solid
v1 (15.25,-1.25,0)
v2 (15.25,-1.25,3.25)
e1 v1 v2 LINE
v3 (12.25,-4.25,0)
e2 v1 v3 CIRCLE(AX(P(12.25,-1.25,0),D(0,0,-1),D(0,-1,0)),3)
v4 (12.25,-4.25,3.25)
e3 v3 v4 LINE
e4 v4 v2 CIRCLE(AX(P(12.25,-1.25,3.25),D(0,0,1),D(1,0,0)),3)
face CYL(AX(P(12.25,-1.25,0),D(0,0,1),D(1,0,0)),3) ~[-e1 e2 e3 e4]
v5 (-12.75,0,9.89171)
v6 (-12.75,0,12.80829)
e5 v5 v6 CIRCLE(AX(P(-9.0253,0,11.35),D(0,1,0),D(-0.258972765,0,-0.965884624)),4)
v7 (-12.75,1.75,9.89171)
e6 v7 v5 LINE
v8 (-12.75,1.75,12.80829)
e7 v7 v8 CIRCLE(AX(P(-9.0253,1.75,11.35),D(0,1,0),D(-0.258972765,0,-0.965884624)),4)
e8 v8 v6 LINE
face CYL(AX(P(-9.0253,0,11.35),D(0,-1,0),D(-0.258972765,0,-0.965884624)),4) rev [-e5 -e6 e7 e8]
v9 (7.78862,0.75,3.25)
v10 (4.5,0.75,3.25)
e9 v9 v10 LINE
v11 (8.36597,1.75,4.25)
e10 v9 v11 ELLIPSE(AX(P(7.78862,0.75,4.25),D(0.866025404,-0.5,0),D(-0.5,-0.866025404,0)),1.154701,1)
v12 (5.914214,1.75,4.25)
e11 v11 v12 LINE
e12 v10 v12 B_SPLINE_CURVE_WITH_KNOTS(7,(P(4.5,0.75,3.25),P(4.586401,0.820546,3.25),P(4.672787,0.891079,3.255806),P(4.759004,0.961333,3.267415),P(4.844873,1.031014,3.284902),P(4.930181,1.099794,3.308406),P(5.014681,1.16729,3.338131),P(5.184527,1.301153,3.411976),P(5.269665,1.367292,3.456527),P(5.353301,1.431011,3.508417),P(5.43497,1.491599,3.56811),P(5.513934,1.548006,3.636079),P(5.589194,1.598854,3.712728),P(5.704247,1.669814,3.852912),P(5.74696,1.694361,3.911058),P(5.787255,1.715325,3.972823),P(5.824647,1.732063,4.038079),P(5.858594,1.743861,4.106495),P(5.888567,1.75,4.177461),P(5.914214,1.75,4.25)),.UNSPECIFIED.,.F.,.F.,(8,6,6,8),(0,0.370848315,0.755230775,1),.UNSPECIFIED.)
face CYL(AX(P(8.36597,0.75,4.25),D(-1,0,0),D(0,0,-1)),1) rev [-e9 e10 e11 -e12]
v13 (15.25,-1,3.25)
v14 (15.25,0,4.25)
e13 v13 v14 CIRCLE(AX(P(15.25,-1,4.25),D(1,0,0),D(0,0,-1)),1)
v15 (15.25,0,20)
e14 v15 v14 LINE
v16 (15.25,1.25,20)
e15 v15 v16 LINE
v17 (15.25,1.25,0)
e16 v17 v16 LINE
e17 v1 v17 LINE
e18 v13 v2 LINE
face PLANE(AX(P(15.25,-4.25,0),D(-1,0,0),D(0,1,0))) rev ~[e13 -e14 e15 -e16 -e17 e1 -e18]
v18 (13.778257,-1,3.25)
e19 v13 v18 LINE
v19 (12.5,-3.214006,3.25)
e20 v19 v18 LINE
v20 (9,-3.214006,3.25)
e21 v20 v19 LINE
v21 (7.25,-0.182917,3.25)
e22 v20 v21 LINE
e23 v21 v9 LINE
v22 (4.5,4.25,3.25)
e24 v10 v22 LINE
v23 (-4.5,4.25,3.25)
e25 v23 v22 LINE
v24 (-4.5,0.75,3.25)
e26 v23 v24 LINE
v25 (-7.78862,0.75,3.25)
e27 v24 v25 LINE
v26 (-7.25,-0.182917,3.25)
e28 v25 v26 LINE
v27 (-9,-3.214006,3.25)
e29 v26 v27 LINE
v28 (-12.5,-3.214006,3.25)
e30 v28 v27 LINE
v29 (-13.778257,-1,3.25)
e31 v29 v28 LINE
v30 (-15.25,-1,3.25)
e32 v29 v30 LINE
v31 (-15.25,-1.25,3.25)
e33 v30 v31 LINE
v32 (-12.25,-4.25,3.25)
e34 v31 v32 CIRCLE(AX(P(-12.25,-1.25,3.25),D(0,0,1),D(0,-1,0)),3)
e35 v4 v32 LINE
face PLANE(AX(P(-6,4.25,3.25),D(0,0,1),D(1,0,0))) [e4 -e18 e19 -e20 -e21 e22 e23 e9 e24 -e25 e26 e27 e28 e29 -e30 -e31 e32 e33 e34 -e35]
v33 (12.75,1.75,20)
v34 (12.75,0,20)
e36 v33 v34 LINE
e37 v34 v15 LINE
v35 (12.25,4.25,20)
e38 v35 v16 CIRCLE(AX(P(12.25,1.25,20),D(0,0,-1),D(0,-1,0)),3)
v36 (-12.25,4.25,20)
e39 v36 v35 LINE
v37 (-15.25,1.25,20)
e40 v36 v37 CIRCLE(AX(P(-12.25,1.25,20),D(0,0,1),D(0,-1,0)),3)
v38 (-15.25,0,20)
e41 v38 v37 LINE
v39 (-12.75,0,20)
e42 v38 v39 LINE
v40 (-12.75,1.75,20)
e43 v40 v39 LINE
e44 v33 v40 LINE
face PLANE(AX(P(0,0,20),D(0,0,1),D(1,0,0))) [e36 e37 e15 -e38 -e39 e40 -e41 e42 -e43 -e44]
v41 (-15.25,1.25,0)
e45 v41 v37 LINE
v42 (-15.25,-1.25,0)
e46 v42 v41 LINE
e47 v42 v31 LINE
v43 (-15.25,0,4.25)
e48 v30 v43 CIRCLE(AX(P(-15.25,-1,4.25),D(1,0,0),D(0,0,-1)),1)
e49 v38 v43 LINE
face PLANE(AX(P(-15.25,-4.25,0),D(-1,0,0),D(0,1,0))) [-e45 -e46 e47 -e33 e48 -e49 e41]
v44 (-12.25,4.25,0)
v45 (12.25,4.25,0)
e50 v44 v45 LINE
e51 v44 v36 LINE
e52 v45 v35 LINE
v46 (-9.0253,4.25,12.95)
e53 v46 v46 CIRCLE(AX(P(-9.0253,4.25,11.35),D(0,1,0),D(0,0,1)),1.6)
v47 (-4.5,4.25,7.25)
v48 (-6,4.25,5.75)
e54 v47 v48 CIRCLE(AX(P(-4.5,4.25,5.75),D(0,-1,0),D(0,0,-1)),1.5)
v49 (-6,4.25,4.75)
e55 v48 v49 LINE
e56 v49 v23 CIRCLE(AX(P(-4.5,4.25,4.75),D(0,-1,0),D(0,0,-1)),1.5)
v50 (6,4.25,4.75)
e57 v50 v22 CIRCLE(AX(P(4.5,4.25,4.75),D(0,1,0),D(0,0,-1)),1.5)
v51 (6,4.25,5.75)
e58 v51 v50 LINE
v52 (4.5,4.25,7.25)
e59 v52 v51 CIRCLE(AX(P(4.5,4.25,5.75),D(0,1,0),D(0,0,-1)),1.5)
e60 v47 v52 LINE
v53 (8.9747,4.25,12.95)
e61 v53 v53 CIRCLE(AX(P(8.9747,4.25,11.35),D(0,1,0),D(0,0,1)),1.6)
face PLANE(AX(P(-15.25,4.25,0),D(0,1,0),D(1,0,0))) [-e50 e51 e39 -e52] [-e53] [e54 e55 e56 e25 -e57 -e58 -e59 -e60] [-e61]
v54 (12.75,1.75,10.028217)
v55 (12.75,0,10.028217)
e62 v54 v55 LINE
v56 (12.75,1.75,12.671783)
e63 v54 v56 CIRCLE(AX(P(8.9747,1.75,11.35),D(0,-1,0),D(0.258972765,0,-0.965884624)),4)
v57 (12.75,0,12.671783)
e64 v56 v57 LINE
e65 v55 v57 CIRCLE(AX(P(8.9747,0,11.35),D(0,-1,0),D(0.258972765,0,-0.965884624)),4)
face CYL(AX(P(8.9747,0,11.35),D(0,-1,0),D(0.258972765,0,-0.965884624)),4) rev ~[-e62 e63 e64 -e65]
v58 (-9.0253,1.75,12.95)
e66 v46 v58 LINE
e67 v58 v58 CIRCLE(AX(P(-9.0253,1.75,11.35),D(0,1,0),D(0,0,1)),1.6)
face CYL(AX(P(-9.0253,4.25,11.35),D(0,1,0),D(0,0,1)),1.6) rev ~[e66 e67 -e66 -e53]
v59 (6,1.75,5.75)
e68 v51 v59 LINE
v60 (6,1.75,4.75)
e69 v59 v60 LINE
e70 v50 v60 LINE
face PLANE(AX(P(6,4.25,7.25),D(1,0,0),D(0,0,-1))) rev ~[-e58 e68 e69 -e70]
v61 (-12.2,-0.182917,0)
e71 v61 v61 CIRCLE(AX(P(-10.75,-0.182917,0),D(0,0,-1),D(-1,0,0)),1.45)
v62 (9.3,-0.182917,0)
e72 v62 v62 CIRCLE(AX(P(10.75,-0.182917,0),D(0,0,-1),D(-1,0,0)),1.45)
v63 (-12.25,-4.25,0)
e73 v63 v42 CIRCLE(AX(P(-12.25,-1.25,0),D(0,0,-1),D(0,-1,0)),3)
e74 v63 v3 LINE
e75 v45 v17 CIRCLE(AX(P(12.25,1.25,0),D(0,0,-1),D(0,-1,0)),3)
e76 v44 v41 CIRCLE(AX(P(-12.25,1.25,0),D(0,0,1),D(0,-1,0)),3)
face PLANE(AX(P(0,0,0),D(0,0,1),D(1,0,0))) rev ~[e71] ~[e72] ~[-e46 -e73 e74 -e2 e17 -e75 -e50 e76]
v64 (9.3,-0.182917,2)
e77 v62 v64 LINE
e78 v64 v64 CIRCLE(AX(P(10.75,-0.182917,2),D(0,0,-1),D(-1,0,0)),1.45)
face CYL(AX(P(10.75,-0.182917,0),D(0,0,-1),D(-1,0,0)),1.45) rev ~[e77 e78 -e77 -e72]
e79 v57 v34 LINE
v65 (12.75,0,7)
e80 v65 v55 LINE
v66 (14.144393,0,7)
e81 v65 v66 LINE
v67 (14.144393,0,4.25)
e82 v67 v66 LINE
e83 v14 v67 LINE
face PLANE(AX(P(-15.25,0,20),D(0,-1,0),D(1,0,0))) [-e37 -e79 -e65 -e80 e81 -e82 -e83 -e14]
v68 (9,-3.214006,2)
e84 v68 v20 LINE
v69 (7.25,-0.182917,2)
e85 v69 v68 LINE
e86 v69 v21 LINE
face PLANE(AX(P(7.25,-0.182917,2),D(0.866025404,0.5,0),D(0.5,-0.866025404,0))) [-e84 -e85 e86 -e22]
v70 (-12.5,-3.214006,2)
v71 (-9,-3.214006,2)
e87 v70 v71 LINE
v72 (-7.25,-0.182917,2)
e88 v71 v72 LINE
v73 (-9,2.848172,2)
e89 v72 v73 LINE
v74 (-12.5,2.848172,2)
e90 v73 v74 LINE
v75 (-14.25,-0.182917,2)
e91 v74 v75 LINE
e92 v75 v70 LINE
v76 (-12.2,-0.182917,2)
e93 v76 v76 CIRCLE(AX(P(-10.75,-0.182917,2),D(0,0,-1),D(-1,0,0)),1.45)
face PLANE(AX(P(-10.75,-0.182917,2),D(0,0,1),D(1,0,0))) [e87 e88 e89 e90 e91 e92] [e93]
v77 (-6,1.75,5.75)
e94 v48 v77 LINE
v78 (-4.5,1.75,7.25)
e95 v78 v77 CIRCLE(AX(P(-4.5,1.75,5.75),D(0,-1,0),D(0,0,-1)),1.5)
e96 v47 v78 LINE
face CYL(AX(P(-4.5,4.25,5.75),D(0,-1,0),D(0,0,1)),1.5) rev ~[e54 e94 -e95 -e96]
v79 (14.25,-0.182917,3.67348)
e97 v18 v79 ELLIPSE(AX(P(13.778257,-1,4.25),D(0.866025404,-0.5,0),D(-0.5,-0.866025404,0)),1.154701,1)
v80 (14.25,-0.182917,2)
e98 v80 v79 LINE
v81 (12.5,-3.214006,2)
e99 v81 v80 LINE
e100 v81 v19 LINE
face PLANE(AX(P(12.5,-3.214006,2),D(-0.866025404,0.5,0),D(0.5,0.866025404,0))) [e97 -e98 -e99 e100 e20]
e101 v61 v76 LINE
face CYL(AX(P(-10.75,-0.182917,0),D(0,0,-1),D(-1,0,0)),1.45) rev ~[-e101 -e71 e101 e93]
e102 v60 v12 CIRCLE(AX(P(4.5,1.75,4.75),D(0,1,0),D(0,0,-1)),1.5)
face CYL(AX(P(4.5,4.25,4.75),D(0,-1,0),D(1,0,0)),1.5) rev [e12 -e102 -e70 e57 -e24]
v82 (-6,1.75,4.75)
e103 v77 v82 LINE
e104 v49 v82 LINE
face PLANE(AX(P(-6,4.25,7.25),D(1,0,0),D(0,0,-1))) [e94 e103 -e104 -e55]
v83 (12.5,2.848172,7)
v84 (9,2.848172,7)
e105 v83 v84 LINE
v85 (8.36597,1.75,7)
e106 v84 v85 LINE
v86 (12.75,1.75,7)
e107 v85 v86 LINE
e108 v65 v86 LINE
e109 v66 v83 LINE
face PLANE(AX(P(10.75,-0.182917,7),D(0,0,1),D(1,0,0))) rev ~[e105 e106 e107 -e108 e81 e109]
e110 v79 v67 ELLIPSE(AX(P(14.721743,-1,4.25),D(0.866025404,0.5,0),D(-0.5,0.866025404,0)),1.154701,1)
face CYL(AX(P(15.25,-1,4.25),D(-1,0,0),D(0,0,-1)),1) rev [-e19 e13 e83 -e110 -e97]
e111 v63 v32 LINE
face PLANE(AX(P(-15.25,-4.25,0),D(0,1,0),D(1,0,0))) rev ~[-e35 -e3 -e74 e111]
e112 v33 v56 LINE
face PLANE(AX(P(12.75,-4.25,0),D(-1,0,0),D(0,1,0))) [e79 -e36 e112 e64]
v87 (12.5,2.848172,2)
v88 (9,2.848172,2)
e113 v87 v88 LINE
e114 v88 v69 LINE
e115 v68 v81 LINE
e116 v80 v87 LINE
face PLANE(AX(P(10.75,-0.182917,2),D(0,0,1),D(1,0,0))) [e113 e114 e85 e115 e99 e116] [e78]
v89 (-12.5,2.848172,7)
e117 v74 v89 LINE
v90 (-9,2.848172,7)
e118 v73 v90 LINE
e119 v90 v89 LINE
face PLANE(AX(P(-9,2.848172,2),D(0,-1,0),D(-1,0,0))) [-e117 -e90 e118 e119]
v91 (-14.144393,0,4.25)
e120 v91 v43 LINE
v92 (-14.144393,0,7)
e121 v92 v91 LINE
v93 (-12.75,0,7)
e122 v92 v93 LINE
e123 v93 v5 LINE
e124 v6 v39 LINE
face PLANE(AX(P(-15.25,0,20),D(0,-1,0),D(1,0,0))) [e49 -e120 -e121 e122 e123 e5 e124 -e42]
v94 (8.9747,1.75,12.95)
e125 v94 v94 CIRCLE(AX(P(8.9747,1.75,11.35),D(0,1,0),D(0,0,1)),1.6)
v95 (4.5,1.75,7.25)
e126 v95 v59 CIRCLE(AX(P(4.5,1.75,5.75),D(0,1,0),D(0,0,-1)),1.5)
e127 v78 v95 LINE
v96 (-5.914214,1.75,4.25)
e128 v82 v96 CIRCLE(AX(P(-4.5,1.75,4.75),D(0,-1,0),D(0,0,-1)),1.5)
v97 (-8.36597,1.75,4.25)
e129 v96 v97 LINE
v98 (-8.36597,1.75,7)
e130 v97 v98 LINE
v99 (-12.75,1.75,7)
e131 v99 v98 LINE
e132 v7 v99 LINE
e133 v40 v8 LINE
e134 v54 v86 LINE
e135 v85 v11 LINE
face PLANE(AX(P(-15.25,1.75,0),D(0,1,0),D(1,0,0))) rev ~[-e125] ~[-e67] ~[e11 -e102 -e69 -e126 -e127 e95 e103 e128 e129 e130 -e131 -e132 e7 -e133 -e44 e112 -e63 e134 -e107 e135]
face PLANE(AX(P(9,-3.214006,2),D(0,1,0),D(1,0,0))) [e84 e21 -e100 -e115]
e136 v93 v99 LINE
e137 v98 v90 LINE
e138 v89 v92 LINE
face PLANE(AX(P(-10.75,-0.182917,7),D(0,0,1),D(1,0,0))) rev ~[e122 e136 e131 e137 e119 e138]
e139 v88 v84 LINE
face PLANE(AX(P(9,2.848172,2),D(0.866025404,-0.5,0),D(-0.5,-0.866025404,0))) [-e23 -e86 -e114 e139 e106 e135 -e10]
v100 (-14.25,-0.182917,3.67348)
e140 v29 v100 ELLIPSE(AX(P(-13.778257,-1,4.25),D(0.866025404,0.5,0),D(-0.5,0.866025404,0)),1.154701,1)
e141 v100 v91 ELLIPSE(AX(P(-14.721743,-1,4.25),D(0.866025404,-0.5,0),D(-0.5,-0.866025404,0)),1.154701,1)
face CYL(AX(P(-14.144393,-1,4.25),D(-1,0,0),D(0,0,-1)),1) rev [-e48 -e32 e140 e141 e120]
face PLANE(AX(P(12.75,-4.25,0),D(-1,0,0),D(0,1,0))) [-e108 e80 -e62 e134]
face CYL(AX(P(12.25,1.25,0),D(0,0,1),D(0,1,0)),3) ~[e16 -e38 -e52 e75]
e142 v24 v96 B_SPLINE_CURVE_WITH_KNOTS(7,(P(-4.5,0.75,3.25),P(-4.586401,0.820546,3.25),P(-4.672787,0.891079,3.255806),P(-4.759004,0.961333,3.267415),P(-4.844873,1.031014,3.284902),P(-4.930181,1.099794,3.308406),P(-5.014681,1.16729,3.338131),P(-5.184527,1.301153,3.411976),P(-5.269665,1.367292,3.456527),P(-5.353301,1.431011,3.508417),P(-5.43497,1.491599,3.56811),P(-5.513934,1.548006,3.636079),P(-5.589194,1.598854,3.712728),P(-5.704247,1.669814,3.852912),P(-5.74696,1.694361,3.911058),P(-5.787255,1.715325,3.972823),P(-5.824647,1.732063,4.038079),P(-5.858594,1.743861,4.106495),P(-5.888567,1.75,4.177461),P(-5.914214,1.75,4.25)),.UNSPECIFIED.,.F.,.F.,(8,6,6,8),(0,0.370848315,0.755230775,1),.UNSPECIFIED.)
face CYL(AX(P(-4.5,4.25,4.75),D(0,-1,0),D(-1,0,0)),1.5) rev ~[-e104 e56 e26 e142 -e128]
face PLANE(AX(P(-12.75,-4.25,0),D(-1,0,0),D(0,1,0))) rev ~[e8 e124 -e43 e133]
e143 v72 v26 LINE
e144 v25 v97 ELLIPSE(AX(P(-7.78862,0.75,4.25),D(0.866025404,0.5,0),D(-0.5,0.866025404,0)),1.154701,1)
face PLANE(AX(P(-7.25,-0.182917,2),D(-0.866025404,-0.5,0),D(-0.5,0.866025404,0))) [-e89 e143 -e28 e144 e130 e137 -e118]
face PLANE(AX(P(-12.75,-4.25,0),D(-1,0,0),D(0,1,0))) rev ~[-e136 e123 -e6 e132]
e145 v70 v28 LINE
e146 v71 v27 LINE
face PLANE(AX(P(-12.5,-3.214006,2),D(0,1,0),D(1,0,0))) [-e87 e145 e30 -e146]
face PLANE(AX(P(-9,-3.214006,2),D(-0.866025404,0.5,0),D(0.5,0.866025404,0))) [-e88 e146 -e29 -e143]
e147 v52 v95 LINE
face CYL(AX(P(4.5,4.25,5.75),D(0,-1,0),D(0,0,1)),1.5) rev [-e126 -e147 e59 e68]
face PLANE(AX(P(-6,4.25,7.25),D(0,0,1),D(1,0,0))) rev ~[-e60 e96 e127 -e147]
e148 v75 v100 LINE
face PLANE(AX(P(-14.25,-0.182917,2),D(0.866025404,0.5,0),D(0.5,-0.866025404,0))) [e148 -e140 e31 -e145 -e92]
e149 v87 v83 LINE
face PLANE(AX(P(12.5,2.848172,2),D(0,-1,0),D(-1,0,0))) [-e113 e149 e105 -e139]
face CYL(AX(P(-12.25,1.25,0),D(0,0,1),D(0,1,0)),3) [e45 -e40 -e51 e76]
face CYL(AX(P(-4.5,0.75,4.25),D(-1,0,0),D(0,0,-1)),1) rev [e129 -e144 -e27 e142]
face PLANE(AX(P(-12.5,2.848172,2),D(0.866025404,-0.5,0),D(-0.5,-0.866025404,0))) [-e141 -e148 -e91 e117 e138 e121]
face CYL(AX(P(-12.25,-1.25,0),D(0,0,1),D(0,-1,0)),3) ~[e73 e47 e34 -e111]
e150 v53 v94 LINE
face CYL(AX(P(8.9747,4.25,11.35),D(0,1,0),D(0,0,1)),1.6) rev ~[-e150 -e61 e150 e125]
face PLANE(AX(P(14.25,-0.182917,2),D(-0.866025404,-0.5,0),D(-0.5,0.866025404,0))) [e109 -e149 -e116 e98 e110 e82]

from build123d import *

# Parameters (mm, degrees)
SKETCH1_W           = 30.5
SKETCH1_H           = 8.5
BOSS_EXTRUDE1_DEPTH = 20
SHELL1_T            = -2.5
SKETCH2_W           = 12
SKETCH2_H           = 16
CUT_EXTRUDE2_DEPTH  = 3
SKETCH3_W           = 12
SKETCH3_H           = 4
CUT_EXTRUDE3_DEPTH  = 4
SKETCH4_R           = 1.6
CUT_EXTRUDE4_DEPTH  = 10
FILLET1_R           = 3
FILLET2_R           = 3
FILLET3_R           = 3
FILLET4_R           = 3
SKETCH5_R           = 1.45
CUT_EXTRUDE5_DEPTH  = 29
SKETCH12_W          = 25.5
SKETCH12_H          = 3.5
BOSS_EXTRUDE3_DEPTH = 0.75
SKETCH13_R          = 1.462025065
SKETCH13_R_2        = 1.459070956
CUT_EXTRUDE6_DEPTH  = 2
CUT_EXTRUDE7_START  = -2
CUT_EXTRUDE7_DEPTH  = 5
FILLET5_R           = 1.5
FILLET6_R           = 1.5
FILLET7_R           = 1.5
FILLET8_R           = 1.5
FILLET9_R           = 1
FILLET10_R          = 1
CUT_EXTRUDE8_REACH  = 27.507
SKETCH15_W          = 30.5
SKETCH15_H          = 4.25
FILLET13_R          = 1
FILLET14_R          = 1
FILLET15_R          = 1
CUT_EXTRUDE9_DEPTH  = 1.75


with BuildPart() as part:
    # Sketch1 → Boss-Extrude1 (new body)
    with BuildSketch(Plane.XY):
        Rectangle(SKETCH1_W, SKETCH1_H)
    extrude(amount=BOSS_EXTRUDE1_DEPTH)

    # Shell1
    shell1_openings = [part.faces().sort_by_distance(p)[0] for p in [
        (0, 0, 20),
    ]]
    offset(amount=SHELL1_T, openings=shell1_openings, kind=Kind.INTERSECTION)

    # Sketch2 → Cut-Extrude2 (cut)
    with BuildSketch(Plane.XZ.offset(4.25)):
        with Locations((0, 12)):
            Rectangle(SKETCH2_W, SKETCH2_H)
    extrude(amount=-CUT_EXTRUDE2_DEPTH, mode=Mode.SUBTRACT)

    # Sketch3 → Cut-Extrude3 (cut)
    with BuildSketch(Plane(origin=(0, 4.25, 0), x_dir=(1, 0, 0), z_dir=(0, 1, 0))):
        with Locations((0, -5.25)):
            Rectangle(SKETCH3_W, SKETCH3_H)
    extrude(amount=-CUT_EXTRUDE3_DEPTH, mode=Mode.SUBTRACT)

    # Sketch4 → Cut-Extrude4 (cut)
    with BuildSketch(Plane(origin=(0, 4.25, 0), x_dir=(1, 0, 0), z_dir=(0, 1, 0))):
        with Locations(Location((8.9747, -11.35, 0), (0, 0, 270))):
            Circle(SKETCH4_R)
        with Locations(Location((-9.0253, -11.35, 0), (0, 0, 270))):
            Circle(SKETCH4_R)
    extrude(amount=-CUT_EXTRUDE4_DEPTH, mode=Mode.SUBTRACT)

    # Fillet1
    fillet1_edges = [part.edges().sort_by_distance(p)[0] for p in [
        (15.25, 4.25, 10),
    ]]
    fillet(fillet1_edges, radius=FILLET1_R)

    # Fillet2
    fillet2_edges = [part.edges().sort_by_distance(p)[0] for p in [
        (-15.25, 4.25, 10),
    ]]
    fillet(fillet2_edges, radius=FILLET2_R)

    # Fillet3
    fillet3_edges = [part.edges().sort_by_distance(p)[0] for p in [
        (15.25, -4.25, 10),
    ]]
    fillet(fillet3_edges, radius=FILLET3_R)

    # Fillet4
    fillet4_edges = [part.edges().sort_by_distance(p)[0] for p in [
        (-15.25, -4.25, 10),
    ]]
    fillet(fillet4_edges, radius=FILLET4_R)

    # Sketch5 → Cut-Extrude5 (cut)
    with BuildSketch(Plane(origin=(0, 0, 0), x_dir=(-1, 0, 0), z_dir=(0, 0, -1))):
        with Locations((-10.75, -0.182916649)):
            Circle(SKETCH5_R)
        with Locations((10.75, -0.182916649)):
            Circle(SKETCH5_R)
    extrude(amount=-CUT_EXTRUDE5_DEPTH, mode=Mode.SUBTRACT)

    # Sketch12 → Boss-Extrude3 (add)
    with BuildSketch(Plane.XY.offset(2.5)):
        Rectangle(SKETCH12_W, SKETCH12_H)
    extrude(amount=BOSS_EXTRUDE3_DEPTH)

    # Sketch13 → Cut-Extrude6 (cut)
    with BuildSketch(Plane.XY.offset(4)):
        with Locations((-10.75, -0.182916649)):
            Circle(SKETCH13_R)
        with Locations((10.75, -0.182916649)):
            Circle(SKETCH13_R_2)
    extrude(amount=-CUT_EXTRUDE6_DEPTH, mode=Mode.SUBTRACT)

    # Sketch14 → Cut-Extrude7 (cut)
    with BuildSketch(Plane.XY.offset(4).offset(CUT_EXTRUDE7_START)):
        Polygon((-7.25, -0.182916649), (-9, 2.848172265), (-12.5, 2.848172265), (-14.25, -0.182916649), (-12.5, -3.214005562), (-9, -3.214005562), align=None)
        Polygon((14.25, -0.182916649), (12.5, 2.848172265), (9, 2.848172265), (7.25, -0.182916649), (9, -3.214005562), (12.5, -3.214005562), align=None)
    extrude(amount=CUT_EXTRUDE7_DEPTH, mode=Mode.SUBTRACT)

    # Fillet5
    fillet5_edges = [part.edges().sort_by_distance(p)[0] for p in [
        (6, 3, 7.25),
    ]]
    fillet(fillet5_edges, radius=FILLET5_R)

    # Fillet6
    fillet6_edges = [part.edges().sort_by_distance(p)[0] for p in [
        (-6, 3, 7.25),
    ]]
    fillet(fillet6_edges, radius=FILLET6_R)

    # Fillet7
    fillet7_edges = [part.edges().sort_by_distance(p)[0] for p in [
        (-6, 3, 3.25),
    ]]
    fillet(fillet7_edges, radius=FILLET7_R)

    # Fillet8
    fillet8_edges = [part.edges().sort_by_distance(p)[0] for p in [
        (6, 3, 3.25),
    ]]
    fillet(fillet8_edges, radius=FILLET8_R)

    # Fillet9
    fillet9_edges = [part.edges().sort_by_distance(p)[0] for p in [
        (6, -3, 4),
    ]]
    fillet(fillet9_edges, radius=FILLET9_R)

    # Fillet10
    fillet10_edges = [part.edges().sort_by_distance(p)[0] for p in [
        (-6, -3, 4),
    ]]
    fillet(fillet10_edges, radius=FILLET10_R)

    # Cut-Extrude8: up to this face of the body (flat: up to its plane)
    cut_extrude8_end = Plane(part.part.faces().sort_by_distance((0, 0.887010367, 3.25))[0])
    # Sketch15 → Cut-Extrude8 (cut, up to the picked face)
    with BuildSketch(Plane.XY.offset(20), mode=Mode.PRIVATE) as cut_extrude8_sk1:
        with Locations((0, -2.125)):
            Rectangle(SKETCH15_W, SKETCH15_H)
    cut_extrude8_tool1 = split(extrude(cut_extrude8_sk1.sketch, amount=-CUT_EXTRUDE8_REACH, mode=Mode.PRIVATE), bisect_by=cut_extrude8_end, keep=Keep.BOTH, mode=Mode.PRIVATE)
    add(cut_extrude8_tool1.solids().sort_by(Axis((0, -2.125, 20), (0, 0, -1)))[0], mode=Mode.SUBTRACT)

    # Fillet13
    fillet13_edges = [part.edges().sort_by_distance(p)[0] for p in [
        (14.697196512, 0, 3.25),
    ]]
    fillet(fillet13_edges, radius=FILLET13_R)

    # Fillet14
    fillet14_edges = [part.edges().sort_by_distance(p)[0] for p in [
        (-14.697196512, 0, 3.25),
    ]]
    fillet(fillet14_edges, radius=FILLET14_R)

    # Fillet15
    fillet15_edges = [part.edges().sort_by_distance(p)[0] for p in [
        (-6.432984974, 1.75, 3.25),
        (6.432984974, 1.75, 3.25),
    ]]
    fillet(fillet15_edges, radius=FILLET15_R)

    # Sketch16 → Cut-Extrude9 (cut)
    with BuildSketch(Plane.XZ):
        with BuildLine():
            Line((-10.06119106, 15.213538496), (-10.061191059, 7.486461504))
            ThreePointArc((-10.061191059, 7.486461504), (-13.0253, 11.35), (-10.06119106, 15.213538496))
        make_face()
        with BuildLine():
            Line((10.01059106, 15.213538496), (10.010591059, 7.486461504))
            ThreePointArc((10.010591059, 7.486461504), (12.9747, 11.35), (10.01059106, 15.213538496))
        make_face()
    extrude(amount=-CUT_EXTRUDE9_DEPTH, mode=Mode.SUBTRACT)


solid = part.part
